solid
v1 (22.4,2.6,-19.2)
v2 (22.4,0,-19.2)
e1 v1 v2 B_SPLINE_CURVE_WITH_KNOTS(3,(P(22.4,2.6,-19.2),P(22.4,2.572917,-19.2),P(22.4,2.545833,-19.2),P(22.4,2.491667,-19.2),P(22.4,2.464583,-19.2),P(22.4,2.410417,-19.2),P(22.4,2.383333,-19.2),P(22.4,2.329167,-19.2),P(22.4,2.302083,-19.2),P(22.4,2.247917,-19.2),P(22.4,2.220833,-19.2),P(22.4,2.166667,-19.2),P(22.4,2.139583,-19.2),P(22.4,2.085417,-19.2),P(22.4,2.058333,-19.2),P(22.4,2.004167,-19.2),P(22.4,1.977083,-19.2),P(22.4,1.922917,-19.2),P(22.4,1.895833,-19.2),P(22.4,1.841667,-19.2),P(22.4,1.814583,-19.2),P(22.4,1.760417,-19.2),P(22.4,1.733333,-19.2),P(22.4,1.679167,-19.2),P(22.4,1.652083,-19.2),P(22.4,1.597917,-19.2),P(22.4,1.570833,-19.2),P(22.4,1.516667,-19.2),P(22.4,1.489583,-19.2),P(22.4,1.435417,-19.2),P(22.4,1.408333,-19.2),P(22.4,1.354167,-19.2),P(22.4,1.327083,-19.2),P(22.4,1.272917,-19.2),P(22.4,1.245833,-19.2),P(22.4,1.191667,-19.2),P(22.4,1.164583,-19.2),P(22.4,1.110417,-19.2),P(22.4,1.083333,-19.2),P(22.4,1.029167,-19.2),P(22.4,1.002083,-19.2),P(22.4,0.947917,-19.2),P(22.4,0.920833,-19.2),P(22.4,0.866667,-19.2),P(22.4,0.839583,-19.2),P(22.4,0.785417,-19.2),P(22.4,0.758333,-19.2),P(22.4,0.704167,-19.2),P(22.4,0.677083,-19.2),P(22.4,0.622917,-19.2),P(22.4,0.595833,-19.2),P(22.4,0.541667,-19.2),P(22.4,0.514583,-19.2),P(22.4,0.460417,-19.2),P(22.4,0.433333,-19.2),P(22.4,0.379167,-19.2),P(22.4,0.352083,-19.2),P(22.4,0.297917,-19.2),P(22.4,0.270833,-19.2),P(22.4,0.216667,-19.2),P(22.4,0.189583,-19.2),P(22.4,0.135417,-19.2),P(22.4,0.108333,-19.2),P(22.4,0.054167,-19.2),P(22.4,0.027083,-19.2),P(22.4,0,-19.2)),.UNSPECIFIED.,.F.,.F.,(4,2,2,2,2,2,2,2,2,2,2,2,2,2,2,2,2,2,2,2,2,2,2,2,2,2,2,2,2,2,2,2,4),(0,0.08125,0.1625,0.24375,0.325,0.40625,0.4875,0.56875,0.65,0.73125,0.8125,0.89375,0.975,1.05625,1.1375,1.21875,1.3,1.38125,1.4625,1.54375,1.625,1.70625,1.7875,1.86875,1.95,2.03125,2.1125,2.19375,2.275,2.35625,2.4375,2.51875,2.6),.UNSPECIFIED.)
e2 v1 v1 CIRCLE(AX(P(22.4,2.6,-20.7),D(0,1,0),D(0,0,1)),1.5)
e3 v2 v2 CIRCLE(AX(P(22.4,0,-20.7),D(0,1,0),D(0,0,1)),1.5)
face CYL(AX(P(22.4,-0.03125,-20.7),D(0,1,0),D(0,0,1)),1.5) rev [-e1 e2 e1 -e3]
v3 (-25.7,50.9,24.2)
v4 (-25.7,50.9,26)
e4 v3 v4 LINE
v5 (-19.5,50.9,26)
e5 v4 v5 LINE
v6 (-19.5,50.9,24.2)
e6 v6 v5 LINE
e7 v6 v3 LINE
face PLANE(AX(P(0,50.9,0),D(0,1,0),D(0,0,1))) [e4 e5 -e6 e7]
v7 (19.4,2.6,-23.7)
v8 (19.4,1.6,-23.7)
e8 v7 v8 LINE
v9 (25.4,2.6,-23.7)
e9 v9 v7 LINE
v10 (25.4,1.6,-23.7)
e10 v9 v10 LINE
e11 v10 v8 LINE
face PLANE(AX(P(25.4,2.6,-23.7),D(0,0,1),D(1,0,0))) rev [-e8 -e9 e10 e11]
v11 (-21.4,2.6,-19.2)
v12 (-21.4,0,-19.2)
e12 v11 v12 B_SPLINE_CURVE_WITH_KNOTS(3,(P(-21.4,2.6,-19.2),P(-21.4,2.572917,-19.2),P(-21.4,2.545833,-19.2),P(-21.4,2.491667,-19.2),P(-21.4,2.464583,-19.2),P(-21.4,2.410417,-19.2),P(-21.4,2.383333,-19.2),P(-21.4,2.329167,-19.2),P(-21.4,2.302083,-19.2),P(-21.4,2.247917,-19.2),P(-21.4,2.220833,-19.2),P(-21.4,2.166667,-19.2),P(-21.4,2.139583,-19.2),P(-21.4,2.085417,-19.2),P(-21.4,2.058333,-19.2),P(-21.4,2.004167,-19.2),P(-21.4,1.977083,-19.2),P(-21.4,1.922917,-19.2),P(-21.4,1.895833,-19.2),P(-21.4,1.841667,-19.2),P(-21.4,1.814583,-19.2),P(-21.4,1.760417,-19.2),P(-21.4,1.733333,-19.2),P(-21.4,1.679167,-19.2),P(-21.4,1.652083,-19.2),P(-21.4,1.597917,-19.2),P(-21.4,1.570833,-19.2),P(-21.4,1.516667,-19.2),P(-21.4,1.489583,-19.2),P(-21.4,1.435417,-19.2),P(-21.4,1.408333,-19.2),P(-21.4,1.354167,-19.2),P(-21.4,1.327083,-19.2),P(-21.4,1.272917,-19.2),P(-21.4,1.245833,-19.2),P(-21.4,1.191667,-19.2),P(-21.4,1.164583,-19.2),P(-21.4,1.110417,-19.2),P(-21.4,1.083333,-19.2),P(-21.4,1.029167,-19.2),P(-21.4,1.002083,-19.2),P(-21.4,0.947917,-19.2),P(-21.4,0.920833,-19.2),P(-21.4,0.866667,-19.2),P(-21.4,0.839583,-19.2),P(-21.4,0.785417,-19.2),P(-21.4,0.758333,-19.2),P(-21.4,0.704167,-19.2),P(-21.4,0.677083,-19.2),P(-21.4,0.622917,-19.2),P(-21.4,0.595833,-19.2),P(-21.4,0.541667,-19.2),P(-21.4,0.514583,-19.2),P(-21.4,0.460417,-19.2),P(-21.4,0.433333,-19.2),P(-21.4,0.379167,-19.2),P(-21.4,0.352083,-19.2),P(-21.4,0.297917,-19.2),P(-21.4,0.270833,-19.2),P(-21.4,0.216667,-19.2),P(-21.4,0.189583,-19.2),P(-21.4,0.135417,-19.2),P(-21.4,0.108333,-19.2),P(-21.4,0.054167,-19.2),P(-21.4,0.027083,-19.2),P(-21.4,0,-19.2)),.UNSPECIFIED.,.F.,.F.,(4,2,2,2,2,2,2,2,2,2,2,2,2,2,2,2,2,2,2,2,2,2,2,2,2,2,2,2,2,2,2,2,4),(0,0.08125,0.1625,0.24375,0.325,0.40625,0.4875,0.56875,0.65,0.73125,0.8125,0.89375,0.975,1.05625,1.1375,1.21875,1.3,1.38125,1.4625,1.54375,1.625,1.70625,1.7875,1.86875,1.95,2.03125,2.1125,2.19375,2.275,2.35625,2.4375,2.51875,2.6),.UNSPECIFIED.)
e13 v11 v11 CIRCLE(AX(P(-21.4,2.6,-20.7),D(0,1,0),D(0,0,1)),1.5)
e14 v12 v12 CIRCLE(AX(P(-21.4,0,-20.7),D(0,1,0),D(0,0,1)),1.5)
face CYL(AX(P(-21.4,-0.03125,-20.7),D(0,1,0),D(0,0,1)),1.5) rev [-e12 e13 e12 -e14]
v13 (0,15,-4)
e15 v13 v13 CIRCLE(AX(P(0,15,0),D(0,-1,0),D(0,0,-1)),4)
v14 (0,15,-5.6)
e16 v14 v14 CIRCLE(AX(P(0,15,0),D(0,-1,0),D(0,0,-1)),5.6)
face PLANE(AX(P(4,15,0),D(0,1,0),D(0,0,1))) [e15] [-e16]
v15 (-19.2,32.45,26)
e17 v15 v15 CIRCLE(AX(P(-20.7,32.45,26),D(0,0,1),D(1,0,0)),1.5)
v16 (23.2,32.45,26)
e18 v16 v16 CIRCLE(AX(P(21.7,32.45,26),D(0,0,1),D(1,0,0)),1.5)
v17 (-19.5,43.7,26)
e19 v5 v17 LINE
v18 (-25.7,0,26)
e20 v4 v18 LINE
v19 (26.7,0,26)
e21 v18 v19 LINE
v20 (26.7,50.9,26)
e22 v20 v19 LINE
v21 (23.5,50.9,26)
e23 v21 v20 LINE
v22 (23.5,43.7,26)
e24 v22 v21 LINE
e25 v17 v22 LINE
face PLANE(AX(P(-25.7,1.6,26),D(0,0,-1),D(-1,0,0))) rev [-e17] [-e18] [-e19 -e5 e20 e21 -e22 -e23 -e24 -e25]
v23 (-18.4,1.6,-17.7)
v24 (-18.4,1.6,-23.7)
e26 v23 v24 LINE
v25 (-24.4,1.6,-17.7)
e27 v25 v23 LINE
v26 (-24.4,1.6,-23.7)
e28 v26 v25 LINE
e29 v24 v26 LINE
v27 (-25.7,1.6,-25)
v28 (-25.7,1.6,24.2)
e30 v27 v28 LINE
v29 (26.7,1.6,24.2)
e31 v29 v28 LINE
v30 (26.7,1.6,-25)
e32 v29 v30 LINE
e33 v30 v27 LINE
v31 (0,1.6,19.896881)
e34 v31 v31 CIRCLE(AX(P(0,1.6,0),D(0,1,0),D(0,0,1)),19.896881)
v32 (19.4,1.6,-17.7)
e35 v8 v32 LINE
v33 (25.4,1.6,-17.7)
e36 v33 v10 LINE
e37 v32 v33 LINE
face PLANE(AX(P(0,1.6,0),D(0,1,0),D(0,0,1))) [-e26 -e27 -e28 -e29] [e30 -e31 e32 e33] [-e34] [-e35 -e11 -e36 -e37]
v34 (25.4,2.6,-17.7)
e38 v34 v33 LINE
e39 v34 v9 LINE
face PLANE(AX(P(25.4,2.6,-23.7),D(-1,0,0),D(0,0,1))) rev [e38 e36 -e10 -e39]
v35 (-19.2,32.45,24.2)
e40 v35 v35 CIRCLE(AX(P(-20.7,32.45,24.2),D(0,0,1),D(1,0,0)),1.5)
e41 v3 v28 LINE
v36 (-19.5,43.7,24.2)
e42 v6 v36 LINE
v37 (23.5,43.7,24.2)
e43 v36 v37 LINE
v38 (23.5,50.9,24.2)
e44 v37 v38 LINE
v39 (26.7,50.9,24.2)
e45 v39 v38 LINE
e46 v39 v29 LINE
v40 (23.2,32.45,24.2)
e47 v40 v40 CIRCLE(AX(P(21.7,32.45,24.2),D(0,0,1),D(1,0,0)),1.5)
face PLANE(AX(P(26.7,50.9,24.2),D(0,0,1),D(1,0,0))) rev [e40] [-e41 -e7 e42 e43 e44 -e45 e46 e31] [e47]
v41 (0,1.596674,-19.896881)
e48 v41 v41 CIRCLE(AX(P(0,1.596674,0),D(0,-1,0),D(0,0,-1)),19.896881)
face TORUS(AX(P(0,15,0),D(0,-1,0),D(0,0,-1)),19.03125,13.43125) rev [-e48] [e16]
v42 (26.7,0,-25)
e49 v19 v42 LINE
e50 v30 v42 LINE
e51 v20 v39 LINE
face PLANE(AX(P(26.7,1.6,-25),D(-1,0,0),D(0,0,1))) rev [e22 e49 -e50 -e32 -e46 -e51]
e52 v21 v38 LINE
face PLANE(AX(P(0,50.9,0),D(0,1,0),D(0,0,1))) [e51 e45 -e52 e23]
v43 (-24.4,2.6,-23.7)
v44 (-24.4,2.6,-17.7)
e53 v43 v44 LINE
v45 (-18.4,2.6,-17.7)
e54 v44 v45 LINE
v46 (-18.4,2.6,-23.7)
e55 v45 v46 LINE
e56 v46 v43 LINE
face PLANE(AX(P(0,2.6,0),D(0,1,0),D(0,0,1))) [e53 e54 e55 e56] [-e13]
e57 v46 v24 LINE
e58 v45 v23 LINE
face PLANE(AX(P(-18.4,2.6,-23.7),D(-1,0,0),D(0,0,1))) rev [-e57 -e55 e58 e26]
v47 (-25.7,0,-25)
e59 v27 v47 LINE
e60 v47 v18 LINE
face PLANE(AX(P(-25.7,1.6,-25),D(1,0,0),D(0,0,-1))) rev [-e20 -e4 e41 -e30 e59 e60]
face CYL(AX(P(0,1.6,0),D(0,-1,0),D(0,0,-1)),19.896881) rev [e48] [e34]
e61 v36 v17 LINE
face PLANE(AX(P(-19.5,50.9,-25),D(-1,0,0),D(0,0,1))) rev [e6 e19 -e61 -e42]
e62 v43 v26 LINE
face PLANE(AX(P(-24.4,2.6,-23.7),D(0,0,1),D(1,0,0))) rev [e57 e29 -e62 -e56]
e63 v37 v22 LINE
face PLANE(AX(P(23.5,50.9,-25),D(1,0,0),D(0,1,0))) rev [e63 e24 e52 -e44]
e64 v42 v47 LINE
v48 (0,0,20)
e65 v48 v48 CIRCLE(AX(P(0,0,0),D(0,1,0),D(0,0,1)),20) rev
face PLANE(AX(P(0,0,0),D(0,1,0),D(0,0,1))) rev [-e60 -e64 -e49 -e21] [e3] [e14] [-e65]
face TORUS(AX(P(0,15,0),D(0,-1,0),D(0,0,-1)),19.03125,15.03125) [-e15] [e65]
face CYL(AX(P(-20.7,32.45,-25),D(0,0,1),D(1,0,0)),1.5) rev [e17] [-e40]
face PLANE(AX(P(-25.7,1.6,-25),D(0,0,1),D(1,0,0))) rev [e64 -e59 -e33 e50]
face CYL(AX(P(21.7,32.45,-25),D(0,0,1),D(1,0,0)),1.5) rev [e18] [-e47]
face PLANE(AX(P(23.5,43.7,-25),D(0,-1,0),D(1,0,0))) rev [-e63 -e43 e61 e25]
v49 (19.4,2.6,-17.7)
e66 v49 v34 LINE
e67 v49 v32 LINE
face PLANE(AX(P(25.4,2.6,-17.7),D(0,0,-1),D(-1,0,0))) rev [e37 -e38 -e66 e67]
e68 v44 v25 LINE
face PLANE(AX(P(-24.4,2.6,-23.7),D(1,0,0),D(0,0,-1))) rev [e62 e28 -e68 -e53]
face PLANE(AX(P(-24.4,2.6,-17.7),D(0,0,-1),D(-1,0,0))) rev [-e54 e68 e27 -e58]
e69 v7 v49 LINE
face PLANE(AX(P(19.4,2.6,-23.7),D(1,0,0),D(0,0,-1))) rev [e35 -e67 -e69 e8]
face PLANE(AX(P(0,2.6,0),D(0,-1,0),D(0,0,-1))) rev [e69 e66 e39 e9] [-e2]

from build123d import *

# Parameters (mm, degrees)
SKETCH2_W           = 52.4
SKETCH2_H           = 51
SKETCH2_R           = 19.896881497
BOSS_EXTRUDE1_DEPTH = 1.6
SKETCH3_W           = 52.4
SKETCH3_H           = 1.8
BOSS_EXTRUDE2_DEPTH = 49.3
SKETCH4_W           = 6
SKETCH4_H           = 6
BOSS_EXTRUDE3_DEPTH = 1
SKETCH5_R           = 1.5
CUT_EXTRUDE1_DEPTH  = 62.006393108
SKETCH6_R           = 1.5
SKETCH6_W           = 43
SKETCH6_H           = 7.2
CUT_EXTRUDE2_DEPTH  = 77.842045782


with BuildPart() as part:
    # Sketch1 → Revolve1 (revolve)
    with BuildSketch(Plane.XY, mode=Mode.PRIVATE) as revolve1_sk:
        with BuildLine():
            Line((4, 15), (5.6, 15))
            ThreePointArc((5.6, 15), (9.845065713, 5.201403427), (19.896881497, 1.596673597))
            Line((19.896881497, 1.596673597), (20, 0))
            ThreePointArc((20, 0), (8.750759907, 4.0341439), (4, 15))
        make_face()
    revolve(revolve1_sk.sketch.rotate(Axis((0, 0, 0), (0, 1, 0)), 90), axis=Axis((0, 0, 0), (0, 1, 0)))

    # Sketch2 → Boss-Extrude1 (add)
    with BuildSketch(Plane(origin=(0, 0, 0), x_dir=(1, 0, 0), z_dir=(0, 1, 0))):
        with Locations((0.5, -0.5)):
            Rectangle(SKETCH2_W, SKETCH2_H)
        with Locations(Location((0, 0, 0), (0, 0, 90))):
            Circle(SKETCH2_R, mode=Mode.SUBTRACT)
    extrude(amount=BOSS_EXTRUDE1_DEPTH)

    # Sketch3 → Boss-Extrude2 (add)
    with BuildSketch(Plane(origin=(0, 1.6, 0), x_dir=(1, 0, 0), z_dir=(0, 1, 0))):
        with Locations((0.5, -25.1)):
            Rectangle(SKETCH3_W, SKETCH3_H)
    extrude(amount=BOSS_EXTRUDE2_DEPTH)

    # Sketch4 → Boss-Extrude3 (add)
    with BuildSketch(Plane(origin=(0, 1.6, 0), x_dir=(1, 0, 0), z_dir=(0, 1, 0))):
        with Locations((22.4, 20.7)):
            Rectangle(SKETCH4_W, SKETCH4_H)
        with Locations((-21.4, 20.7)):
            Rectangle(SKETCH4_W, SKETCH4_H)
    extrude(amount=BOSS_EXTRUDE3_DEPTH)

    # Sketch5 → Cut-Extrude1 (cut, through all)
    with BuildSketch(Plane(origin=(0, 2.6, 0), x_dir=(1, 0, 0), z_dir=(0, 1, 0))):
        with Locations(Location((22.4, 20.7, 0), (0, 0, 270))):
            Circle(SKETCH5_R)
        with Locations(Location((-21.4, 20.7, 0), (0, 0, 270))):
            Circle(SKETCH5_R)
    extrude(amount=-CUT_EXTRUDE1_DEPTH, mode=Mode.SUBTRACT)

    # Sketch6 → Cut-Extrude2 (cut, through all)
    with BuildSketch(Plane.XY.offset(26)):
        with Locations((-20.7, 32.45)):
            Circle(SKETCH6_R)
        with Locations((21.7, 32.45)):
            Circle(SKETCH6_R)
        with Locations((2, 47.3)):
            Rectangle(SKETCH6_W, SKETCH6_H)
    extrude(amount=-CUT_EXTRUDE2_DEPTH, mode=Mode.SUBTRACT)


solid = part.part
